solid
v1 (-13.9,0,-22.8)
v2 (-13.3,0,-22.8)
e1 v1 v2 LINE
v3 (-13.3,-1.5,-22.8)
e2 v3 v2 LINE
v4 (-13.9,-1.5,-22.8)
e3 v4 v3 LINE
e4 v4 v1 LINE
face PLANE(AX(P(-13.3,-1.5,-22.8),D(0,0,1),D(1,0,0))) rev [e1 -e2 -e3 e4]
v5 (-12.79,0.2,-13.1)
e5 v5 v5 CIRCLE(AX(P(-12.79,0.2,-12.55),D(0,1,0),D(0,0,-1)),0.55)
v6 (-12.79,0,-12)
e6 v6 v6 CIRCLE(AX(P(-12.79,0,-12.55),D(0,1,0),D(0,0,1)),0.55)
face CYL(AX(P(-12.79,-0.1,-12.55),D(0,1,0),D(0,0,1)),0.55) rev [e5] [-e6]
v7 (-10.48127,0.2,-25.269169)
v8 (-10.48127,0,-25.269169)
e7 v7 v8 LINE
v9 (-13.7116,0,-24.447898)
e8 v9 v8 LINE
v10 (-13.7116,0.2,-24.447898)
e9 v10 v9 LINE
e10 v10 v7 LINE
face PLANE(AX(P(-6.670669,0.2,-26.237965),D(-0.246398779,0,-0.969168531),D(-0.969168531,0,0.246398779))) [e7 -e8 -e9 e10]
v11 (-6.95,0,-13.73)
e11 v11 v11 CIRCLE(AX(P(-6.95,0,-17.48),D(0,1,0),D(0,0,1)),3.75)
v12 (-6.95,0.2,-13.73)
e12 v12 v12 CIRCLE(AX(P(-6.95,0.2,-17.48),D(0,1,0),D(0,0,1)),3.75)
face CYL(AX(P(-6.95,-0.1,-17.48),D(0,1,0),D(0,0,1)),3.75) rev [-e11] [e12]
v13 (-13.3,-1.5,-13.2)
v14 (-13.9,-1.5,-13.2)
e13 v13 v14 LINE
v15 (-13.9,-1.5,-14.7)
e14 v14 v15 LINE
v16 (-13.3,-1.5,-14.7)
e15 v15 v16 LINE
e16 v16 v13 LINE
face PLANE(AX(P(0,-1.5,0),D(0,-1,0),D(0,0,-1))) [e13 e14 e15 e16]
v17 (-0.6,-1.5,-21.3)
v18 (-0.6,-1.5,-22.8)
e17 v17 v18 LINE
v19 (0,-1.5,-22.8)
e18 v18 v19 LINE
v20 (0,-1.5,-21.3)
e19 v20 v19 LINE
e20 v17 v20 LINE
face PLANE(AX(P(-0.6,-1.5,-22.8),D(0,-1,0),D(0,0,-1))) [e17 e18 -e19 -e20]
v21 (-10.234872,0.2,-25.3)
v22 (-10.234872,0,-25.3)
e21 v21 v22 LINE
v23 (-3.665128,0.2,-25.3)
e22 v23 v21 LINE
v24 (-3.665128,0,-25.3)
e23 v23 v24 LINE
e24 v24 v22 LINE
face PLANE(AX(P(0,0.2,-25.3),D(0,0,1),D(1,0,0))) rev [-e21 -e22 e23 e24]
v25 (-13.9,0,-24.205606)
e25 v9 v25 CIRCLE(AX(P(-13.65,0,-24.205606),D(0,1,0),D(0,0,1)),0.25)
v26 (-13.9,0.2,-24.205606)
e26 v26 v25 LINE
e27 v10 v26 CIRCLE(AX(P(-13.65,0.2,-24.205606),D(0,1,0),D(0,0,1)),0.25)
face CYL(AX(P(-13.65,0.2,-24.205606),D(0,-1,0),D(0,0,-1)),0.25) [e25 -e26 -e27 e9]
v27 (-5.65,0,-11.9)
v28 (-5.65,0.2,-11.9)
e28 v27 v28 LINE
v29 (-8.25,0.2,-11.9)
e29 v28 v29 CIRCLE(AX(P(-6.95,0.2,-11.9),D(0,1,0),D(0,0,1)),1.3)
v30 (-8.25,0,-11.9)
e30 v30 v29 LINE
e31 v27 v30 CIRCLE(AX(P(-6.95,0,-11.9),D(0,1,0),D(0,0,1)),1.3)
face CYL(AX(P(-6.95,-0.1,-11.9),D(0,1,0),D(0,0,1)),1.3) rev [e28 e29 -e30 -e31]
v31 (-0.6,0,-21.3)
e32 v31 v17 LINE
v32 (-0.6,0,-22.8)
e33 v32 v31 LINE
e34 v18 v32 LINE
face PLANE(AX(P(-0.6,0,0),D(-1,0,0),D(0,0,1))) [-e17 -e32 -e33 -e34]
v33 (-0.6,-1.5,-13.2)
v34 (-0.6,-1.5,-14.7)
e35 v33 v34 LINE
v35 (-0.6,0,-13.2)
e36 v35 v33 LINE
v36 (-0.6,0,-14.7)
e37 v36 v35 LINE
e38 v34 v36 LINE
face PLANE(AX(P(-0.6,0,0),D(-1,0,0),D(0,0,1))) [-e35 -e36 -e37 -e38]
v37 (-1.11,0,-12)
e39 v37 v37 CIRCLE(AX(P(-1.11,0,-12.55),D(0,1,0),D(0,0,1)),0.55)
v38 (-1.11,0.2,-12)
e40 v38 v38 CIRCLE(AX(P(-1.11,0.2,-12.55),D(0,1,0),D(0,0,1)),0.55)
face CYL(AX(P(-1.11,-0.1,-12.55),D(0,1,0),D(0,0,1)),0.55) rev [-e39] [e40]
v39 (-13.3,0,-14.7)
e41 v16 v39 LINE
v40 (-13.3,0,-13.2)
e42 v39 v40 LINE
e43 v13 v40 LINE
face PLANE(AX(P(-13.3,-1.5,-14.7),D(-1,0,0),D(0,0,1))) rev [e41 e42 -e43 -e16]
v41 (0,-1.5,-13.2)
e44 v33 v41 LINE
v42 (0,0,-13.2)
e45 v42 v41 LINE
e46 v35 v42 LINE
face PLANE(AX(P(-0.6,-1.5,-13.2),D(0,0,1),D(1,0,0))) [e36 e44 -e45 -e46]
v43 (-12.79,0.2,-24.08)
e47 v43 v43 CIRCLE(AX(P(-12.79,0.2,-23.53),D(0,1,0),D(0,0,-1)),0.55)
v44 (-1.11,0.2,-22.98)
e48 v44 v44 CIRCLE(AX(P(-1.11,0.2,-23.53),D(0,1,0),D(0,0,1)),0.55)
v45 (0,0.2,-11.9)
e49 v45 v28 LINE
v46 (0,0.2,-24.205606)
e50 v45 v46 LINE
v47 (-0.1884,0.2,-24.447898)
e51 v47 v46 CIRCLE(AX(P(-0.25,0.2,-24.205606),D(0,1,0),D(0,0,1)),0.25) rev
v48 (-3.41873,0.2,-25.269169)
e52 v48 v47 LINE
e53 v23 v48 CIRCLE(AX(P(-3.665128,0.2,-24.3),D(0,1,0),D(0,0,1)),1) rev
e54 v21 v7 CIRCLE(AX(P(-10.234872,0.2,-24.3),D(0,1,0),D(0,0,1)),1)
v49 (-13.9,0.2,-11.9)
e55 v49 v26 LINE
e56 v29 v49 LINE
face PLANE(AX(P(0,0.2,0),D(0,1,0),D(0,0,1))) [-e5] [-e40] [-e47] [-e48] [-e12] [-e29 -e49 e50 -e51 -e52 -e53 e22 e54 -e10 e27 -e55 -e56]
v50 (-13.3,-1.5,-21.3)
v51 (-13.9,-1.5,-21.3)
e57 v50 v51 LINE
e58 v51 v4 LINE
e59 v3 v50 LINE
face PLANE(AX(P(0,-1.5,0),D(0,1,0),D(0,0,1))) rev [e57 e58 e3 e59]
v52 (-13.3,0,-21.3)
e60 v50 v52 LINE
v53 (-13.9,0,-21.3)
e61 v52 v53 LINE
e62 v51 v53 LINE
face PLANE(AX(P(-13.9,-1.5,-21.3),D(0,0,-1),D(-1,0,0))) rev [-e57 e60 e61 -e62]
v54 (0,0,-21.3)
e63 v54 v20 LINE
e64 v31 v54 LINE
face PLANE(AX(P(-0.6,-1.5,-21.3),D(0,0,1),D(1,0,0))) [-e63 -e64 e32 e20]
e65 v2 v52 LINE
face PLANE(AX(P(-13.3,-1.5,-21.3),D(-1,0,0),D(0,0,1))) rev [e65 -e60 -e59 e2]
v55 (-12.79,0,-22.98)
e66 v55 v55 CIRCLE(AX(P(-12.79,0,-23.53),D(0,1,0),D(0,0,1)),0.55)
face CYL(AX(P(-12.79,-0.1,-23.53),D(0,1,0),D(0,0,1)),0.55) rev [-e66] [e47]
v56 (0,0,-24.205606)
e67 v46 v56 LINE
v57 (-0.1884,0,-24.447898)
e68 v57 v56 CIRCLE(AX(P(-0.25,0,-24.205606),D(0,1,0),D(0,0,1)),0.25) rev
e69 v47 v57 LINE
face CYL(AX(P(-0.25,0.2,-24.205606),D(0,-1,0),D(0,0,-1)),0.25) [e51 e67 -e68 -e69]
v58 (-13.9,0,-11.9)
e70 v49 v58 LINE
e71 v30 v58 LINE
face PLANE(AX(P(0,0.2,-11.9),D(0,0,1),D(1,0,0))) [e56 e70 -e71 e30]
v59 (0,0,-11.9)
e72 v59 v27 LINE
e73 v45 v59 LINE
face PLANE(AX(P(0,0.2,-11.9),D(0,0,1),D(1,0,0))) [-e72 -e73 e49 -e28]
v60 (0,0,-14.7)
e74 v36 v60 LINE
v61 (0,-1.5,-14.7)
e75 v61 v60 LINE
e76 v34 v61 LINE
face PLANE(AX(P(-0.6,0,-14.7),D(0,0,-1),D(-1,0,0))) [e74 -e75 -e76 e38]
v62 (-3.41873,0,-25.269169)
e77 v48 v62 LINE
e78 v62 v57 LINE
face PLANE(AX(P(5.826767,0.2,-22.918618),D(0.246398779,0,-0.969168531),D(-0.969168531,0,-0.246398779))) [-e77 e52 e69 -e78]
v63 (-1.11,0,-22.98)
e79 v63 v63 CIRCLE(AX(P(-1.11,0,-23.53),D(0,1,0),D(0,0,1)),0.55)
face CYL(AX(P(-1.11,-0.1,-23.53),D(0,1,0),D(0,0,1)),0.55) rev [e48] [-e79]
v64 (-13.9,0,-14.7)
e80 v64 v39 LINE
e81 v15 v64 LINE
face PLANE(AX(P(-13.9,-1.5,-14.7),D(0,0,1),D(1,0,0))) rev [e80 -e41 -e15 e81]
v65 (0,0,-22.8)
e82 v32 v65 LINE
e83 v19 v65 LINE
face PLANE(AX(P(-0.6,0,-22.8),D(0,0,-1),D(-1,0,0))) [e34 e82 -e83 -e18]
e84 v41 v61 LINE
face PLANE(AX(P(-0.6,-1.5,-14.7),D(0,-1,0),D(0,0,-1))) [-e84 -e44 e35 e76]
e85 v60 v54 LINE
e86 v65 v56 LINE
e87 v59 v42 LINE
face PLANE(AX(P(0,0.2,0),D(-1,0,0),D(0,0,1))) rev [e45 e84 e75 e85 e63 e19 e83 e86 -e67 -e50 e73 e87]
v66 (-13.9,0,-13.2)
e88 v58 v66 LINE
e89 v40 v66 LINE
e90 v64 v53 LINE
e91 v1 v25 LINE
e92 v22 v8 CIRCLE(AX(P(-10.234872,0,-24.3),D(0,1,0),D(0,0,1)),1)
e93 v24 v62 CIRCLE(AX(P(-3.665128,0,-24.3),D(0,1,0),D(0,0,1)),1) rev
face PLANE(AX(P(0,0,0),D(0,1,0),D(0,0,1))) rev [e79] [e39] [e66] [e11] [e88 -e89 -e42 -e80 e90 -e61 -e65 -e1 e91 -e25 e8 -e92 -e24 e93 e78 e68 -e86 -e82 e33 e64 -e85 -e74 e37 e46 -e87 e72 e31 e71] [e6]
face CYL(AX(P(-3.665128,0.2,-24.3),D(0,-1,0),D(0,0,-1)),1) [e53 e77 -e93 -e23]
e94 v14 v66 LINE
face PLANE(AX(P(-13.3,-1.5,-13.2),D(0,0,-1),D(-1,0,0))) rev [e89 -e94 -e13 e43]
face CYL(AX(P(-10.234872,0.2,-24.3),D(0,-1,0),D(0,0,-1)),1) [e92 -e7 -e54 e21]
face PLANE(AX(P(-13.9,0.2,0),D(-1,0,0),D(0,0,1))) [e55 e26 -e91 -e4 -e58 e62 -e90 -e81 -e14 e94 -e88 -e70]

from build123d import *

# Parameters (mm, degrees)
SKETCH1_W           = 13.9
SKETCH1_H           = 0.75
BOSS_EXTRUDE1_DEPTH = 0.2
SKETCH2_R           = 0.55
SKETCH2_R_2         = 3.75
CUT_EXTRUDE1_DEPTH  = 0.3
CUT_EXTRUDE2_DEPTH  = 0.3
SKETCH6_W           = 1.5
SKETCH6_H           = 1.5
BOSS_EXTRUDE2_DEPTH = 0.6
SKETCH7_W           = 0.6
SKETCH7_H           = 1.5
BOSS_EXTRUDE3_DEPTH = 1.5


with BuildPart() as part:
    # Sketch1 → Boss-Extrude1 (new body)
    with BuildSketch(Plane(origin=(0, 0, 0), x_dir=(1, 0, 0), z_dir=(0, 1, 0))):
        with BuildLine():
            Line((-13.9, 12.65), (0, 12.65))
            Line((0, 12.65), (0, 24.20560625))
            ThreePointArc((0, 24.20560625), (-0.052642553, 24.359066467), (-0.188400305, 24.447898383))
            Line((-0.188400305, 24.447898383), (-3.418729556, 25.269168531))
            ThreePointArc((-3.418729556, 25.269168531), (-3.540968219, 25.292262196), (-3.665128335, 25.3))
            Line((-3.665128335, 25.3), (-10.234871665, 25.3))
            ThreePointArc((-10.234871665, 25.3), (-10.359031781, 25.292262196), (-10.481270444, 25.269168531))
            Line((-10.481270444, 25.269168531), (-13.711599695, 24.447898383))
            ThreePointArc((-13.711599695, 24.447898383), (-13.847357447, 24.359066467), (-13.9, 24.20560625))
            Line((-13.9, 24.20560625), (-13.9, 12.65))
        make_face()
        with Locations((-6.95, 12.275)):
            Rectangle(SKETCH1_W, SKETCH1_H)
    extrude(amount=BOSS_EXTRUDE1_DEPTH)

    # Sketch2 → Cut-Extrude1 (cut)
    with BuildSketch(Plane(origin=(0, 0.2, 0), x_dir=(1, 0, 0), z_dir=(0, 1, 0))):
        with Locations((-1.11, 23.53)):
            Circle(SKETCH2_R)
        with Locations((-1.11, 12.55)):
            Circle(SKETCH2_R)
        with Locations((-12.79, 23.53)):
            Circle(SKETCH2_R)
        with Locations((-12.79, 12.55)):
            Circle(SKETCH2_R)
        with Locations((-6.95, 17.48)):
            Circle(SKETCH2_R_2)
    extrude(amount=-CUT_EXTRUDE1_DEPTH, mode=Mode.SUBTRACT)

    # Sketch4 → Cut-Extrude2 (cut)
    with BuildSketch(Plane(origin=(0, 0.2, 0), x_dir=(1, 0, 0), z_dir=(0, 1, 0))):
        with BuildLine():
            Line((-5.65, 11.9), (-8.25, 11.9))
            ThreePointArc((-8.25, 11.9), (-6.95, 13.2), (-5.65, 11.9))
        make_face()
    extrude(amount=-CUT_EXTRUDE2_DEPTH, mode=Mode.SUBTRACT)

    # Sketch6 → Boss-Extrude2 (add)
    with BuildSketch(Plane(origin=(0, 0, 0), x_dir=(0, 0, -1), z_dir=(1, 0, 0))):
        with Locations((22.05, -0.75)):
            Rectangle(SKETCH6_W, SKETCH6_H)
        with Locations((13.95, -0.75)):
            Rectangle(SKETCH6_W, SKETCH6_H)
    extrude(amount=-BOSS_EXTRUDE2_DEPTH)

    # Sketch7 → Boss-Extrude3 (add)
    with BuildSketch(Plane.XZ):
        with Locations((-0.3, -22.05)):
            Rectangle(SKETCH7_W, SKETCH7_H)
        with Locations((-0.3, -13.95)):
            Rectangle(SKETCH7_W, SKETCH7_H)
        with Locations((-13.6, -13.95)):
            Rectangle(SKETCH7_W, SKETCH7_H)
        with Locations((-13.6, -22.05)):
            Rectangle(SKETCH7_W, SKETCH7_H)
    extrude(amount=BOSS_EXTRUDE3_DEPTH)


solid = part.part
